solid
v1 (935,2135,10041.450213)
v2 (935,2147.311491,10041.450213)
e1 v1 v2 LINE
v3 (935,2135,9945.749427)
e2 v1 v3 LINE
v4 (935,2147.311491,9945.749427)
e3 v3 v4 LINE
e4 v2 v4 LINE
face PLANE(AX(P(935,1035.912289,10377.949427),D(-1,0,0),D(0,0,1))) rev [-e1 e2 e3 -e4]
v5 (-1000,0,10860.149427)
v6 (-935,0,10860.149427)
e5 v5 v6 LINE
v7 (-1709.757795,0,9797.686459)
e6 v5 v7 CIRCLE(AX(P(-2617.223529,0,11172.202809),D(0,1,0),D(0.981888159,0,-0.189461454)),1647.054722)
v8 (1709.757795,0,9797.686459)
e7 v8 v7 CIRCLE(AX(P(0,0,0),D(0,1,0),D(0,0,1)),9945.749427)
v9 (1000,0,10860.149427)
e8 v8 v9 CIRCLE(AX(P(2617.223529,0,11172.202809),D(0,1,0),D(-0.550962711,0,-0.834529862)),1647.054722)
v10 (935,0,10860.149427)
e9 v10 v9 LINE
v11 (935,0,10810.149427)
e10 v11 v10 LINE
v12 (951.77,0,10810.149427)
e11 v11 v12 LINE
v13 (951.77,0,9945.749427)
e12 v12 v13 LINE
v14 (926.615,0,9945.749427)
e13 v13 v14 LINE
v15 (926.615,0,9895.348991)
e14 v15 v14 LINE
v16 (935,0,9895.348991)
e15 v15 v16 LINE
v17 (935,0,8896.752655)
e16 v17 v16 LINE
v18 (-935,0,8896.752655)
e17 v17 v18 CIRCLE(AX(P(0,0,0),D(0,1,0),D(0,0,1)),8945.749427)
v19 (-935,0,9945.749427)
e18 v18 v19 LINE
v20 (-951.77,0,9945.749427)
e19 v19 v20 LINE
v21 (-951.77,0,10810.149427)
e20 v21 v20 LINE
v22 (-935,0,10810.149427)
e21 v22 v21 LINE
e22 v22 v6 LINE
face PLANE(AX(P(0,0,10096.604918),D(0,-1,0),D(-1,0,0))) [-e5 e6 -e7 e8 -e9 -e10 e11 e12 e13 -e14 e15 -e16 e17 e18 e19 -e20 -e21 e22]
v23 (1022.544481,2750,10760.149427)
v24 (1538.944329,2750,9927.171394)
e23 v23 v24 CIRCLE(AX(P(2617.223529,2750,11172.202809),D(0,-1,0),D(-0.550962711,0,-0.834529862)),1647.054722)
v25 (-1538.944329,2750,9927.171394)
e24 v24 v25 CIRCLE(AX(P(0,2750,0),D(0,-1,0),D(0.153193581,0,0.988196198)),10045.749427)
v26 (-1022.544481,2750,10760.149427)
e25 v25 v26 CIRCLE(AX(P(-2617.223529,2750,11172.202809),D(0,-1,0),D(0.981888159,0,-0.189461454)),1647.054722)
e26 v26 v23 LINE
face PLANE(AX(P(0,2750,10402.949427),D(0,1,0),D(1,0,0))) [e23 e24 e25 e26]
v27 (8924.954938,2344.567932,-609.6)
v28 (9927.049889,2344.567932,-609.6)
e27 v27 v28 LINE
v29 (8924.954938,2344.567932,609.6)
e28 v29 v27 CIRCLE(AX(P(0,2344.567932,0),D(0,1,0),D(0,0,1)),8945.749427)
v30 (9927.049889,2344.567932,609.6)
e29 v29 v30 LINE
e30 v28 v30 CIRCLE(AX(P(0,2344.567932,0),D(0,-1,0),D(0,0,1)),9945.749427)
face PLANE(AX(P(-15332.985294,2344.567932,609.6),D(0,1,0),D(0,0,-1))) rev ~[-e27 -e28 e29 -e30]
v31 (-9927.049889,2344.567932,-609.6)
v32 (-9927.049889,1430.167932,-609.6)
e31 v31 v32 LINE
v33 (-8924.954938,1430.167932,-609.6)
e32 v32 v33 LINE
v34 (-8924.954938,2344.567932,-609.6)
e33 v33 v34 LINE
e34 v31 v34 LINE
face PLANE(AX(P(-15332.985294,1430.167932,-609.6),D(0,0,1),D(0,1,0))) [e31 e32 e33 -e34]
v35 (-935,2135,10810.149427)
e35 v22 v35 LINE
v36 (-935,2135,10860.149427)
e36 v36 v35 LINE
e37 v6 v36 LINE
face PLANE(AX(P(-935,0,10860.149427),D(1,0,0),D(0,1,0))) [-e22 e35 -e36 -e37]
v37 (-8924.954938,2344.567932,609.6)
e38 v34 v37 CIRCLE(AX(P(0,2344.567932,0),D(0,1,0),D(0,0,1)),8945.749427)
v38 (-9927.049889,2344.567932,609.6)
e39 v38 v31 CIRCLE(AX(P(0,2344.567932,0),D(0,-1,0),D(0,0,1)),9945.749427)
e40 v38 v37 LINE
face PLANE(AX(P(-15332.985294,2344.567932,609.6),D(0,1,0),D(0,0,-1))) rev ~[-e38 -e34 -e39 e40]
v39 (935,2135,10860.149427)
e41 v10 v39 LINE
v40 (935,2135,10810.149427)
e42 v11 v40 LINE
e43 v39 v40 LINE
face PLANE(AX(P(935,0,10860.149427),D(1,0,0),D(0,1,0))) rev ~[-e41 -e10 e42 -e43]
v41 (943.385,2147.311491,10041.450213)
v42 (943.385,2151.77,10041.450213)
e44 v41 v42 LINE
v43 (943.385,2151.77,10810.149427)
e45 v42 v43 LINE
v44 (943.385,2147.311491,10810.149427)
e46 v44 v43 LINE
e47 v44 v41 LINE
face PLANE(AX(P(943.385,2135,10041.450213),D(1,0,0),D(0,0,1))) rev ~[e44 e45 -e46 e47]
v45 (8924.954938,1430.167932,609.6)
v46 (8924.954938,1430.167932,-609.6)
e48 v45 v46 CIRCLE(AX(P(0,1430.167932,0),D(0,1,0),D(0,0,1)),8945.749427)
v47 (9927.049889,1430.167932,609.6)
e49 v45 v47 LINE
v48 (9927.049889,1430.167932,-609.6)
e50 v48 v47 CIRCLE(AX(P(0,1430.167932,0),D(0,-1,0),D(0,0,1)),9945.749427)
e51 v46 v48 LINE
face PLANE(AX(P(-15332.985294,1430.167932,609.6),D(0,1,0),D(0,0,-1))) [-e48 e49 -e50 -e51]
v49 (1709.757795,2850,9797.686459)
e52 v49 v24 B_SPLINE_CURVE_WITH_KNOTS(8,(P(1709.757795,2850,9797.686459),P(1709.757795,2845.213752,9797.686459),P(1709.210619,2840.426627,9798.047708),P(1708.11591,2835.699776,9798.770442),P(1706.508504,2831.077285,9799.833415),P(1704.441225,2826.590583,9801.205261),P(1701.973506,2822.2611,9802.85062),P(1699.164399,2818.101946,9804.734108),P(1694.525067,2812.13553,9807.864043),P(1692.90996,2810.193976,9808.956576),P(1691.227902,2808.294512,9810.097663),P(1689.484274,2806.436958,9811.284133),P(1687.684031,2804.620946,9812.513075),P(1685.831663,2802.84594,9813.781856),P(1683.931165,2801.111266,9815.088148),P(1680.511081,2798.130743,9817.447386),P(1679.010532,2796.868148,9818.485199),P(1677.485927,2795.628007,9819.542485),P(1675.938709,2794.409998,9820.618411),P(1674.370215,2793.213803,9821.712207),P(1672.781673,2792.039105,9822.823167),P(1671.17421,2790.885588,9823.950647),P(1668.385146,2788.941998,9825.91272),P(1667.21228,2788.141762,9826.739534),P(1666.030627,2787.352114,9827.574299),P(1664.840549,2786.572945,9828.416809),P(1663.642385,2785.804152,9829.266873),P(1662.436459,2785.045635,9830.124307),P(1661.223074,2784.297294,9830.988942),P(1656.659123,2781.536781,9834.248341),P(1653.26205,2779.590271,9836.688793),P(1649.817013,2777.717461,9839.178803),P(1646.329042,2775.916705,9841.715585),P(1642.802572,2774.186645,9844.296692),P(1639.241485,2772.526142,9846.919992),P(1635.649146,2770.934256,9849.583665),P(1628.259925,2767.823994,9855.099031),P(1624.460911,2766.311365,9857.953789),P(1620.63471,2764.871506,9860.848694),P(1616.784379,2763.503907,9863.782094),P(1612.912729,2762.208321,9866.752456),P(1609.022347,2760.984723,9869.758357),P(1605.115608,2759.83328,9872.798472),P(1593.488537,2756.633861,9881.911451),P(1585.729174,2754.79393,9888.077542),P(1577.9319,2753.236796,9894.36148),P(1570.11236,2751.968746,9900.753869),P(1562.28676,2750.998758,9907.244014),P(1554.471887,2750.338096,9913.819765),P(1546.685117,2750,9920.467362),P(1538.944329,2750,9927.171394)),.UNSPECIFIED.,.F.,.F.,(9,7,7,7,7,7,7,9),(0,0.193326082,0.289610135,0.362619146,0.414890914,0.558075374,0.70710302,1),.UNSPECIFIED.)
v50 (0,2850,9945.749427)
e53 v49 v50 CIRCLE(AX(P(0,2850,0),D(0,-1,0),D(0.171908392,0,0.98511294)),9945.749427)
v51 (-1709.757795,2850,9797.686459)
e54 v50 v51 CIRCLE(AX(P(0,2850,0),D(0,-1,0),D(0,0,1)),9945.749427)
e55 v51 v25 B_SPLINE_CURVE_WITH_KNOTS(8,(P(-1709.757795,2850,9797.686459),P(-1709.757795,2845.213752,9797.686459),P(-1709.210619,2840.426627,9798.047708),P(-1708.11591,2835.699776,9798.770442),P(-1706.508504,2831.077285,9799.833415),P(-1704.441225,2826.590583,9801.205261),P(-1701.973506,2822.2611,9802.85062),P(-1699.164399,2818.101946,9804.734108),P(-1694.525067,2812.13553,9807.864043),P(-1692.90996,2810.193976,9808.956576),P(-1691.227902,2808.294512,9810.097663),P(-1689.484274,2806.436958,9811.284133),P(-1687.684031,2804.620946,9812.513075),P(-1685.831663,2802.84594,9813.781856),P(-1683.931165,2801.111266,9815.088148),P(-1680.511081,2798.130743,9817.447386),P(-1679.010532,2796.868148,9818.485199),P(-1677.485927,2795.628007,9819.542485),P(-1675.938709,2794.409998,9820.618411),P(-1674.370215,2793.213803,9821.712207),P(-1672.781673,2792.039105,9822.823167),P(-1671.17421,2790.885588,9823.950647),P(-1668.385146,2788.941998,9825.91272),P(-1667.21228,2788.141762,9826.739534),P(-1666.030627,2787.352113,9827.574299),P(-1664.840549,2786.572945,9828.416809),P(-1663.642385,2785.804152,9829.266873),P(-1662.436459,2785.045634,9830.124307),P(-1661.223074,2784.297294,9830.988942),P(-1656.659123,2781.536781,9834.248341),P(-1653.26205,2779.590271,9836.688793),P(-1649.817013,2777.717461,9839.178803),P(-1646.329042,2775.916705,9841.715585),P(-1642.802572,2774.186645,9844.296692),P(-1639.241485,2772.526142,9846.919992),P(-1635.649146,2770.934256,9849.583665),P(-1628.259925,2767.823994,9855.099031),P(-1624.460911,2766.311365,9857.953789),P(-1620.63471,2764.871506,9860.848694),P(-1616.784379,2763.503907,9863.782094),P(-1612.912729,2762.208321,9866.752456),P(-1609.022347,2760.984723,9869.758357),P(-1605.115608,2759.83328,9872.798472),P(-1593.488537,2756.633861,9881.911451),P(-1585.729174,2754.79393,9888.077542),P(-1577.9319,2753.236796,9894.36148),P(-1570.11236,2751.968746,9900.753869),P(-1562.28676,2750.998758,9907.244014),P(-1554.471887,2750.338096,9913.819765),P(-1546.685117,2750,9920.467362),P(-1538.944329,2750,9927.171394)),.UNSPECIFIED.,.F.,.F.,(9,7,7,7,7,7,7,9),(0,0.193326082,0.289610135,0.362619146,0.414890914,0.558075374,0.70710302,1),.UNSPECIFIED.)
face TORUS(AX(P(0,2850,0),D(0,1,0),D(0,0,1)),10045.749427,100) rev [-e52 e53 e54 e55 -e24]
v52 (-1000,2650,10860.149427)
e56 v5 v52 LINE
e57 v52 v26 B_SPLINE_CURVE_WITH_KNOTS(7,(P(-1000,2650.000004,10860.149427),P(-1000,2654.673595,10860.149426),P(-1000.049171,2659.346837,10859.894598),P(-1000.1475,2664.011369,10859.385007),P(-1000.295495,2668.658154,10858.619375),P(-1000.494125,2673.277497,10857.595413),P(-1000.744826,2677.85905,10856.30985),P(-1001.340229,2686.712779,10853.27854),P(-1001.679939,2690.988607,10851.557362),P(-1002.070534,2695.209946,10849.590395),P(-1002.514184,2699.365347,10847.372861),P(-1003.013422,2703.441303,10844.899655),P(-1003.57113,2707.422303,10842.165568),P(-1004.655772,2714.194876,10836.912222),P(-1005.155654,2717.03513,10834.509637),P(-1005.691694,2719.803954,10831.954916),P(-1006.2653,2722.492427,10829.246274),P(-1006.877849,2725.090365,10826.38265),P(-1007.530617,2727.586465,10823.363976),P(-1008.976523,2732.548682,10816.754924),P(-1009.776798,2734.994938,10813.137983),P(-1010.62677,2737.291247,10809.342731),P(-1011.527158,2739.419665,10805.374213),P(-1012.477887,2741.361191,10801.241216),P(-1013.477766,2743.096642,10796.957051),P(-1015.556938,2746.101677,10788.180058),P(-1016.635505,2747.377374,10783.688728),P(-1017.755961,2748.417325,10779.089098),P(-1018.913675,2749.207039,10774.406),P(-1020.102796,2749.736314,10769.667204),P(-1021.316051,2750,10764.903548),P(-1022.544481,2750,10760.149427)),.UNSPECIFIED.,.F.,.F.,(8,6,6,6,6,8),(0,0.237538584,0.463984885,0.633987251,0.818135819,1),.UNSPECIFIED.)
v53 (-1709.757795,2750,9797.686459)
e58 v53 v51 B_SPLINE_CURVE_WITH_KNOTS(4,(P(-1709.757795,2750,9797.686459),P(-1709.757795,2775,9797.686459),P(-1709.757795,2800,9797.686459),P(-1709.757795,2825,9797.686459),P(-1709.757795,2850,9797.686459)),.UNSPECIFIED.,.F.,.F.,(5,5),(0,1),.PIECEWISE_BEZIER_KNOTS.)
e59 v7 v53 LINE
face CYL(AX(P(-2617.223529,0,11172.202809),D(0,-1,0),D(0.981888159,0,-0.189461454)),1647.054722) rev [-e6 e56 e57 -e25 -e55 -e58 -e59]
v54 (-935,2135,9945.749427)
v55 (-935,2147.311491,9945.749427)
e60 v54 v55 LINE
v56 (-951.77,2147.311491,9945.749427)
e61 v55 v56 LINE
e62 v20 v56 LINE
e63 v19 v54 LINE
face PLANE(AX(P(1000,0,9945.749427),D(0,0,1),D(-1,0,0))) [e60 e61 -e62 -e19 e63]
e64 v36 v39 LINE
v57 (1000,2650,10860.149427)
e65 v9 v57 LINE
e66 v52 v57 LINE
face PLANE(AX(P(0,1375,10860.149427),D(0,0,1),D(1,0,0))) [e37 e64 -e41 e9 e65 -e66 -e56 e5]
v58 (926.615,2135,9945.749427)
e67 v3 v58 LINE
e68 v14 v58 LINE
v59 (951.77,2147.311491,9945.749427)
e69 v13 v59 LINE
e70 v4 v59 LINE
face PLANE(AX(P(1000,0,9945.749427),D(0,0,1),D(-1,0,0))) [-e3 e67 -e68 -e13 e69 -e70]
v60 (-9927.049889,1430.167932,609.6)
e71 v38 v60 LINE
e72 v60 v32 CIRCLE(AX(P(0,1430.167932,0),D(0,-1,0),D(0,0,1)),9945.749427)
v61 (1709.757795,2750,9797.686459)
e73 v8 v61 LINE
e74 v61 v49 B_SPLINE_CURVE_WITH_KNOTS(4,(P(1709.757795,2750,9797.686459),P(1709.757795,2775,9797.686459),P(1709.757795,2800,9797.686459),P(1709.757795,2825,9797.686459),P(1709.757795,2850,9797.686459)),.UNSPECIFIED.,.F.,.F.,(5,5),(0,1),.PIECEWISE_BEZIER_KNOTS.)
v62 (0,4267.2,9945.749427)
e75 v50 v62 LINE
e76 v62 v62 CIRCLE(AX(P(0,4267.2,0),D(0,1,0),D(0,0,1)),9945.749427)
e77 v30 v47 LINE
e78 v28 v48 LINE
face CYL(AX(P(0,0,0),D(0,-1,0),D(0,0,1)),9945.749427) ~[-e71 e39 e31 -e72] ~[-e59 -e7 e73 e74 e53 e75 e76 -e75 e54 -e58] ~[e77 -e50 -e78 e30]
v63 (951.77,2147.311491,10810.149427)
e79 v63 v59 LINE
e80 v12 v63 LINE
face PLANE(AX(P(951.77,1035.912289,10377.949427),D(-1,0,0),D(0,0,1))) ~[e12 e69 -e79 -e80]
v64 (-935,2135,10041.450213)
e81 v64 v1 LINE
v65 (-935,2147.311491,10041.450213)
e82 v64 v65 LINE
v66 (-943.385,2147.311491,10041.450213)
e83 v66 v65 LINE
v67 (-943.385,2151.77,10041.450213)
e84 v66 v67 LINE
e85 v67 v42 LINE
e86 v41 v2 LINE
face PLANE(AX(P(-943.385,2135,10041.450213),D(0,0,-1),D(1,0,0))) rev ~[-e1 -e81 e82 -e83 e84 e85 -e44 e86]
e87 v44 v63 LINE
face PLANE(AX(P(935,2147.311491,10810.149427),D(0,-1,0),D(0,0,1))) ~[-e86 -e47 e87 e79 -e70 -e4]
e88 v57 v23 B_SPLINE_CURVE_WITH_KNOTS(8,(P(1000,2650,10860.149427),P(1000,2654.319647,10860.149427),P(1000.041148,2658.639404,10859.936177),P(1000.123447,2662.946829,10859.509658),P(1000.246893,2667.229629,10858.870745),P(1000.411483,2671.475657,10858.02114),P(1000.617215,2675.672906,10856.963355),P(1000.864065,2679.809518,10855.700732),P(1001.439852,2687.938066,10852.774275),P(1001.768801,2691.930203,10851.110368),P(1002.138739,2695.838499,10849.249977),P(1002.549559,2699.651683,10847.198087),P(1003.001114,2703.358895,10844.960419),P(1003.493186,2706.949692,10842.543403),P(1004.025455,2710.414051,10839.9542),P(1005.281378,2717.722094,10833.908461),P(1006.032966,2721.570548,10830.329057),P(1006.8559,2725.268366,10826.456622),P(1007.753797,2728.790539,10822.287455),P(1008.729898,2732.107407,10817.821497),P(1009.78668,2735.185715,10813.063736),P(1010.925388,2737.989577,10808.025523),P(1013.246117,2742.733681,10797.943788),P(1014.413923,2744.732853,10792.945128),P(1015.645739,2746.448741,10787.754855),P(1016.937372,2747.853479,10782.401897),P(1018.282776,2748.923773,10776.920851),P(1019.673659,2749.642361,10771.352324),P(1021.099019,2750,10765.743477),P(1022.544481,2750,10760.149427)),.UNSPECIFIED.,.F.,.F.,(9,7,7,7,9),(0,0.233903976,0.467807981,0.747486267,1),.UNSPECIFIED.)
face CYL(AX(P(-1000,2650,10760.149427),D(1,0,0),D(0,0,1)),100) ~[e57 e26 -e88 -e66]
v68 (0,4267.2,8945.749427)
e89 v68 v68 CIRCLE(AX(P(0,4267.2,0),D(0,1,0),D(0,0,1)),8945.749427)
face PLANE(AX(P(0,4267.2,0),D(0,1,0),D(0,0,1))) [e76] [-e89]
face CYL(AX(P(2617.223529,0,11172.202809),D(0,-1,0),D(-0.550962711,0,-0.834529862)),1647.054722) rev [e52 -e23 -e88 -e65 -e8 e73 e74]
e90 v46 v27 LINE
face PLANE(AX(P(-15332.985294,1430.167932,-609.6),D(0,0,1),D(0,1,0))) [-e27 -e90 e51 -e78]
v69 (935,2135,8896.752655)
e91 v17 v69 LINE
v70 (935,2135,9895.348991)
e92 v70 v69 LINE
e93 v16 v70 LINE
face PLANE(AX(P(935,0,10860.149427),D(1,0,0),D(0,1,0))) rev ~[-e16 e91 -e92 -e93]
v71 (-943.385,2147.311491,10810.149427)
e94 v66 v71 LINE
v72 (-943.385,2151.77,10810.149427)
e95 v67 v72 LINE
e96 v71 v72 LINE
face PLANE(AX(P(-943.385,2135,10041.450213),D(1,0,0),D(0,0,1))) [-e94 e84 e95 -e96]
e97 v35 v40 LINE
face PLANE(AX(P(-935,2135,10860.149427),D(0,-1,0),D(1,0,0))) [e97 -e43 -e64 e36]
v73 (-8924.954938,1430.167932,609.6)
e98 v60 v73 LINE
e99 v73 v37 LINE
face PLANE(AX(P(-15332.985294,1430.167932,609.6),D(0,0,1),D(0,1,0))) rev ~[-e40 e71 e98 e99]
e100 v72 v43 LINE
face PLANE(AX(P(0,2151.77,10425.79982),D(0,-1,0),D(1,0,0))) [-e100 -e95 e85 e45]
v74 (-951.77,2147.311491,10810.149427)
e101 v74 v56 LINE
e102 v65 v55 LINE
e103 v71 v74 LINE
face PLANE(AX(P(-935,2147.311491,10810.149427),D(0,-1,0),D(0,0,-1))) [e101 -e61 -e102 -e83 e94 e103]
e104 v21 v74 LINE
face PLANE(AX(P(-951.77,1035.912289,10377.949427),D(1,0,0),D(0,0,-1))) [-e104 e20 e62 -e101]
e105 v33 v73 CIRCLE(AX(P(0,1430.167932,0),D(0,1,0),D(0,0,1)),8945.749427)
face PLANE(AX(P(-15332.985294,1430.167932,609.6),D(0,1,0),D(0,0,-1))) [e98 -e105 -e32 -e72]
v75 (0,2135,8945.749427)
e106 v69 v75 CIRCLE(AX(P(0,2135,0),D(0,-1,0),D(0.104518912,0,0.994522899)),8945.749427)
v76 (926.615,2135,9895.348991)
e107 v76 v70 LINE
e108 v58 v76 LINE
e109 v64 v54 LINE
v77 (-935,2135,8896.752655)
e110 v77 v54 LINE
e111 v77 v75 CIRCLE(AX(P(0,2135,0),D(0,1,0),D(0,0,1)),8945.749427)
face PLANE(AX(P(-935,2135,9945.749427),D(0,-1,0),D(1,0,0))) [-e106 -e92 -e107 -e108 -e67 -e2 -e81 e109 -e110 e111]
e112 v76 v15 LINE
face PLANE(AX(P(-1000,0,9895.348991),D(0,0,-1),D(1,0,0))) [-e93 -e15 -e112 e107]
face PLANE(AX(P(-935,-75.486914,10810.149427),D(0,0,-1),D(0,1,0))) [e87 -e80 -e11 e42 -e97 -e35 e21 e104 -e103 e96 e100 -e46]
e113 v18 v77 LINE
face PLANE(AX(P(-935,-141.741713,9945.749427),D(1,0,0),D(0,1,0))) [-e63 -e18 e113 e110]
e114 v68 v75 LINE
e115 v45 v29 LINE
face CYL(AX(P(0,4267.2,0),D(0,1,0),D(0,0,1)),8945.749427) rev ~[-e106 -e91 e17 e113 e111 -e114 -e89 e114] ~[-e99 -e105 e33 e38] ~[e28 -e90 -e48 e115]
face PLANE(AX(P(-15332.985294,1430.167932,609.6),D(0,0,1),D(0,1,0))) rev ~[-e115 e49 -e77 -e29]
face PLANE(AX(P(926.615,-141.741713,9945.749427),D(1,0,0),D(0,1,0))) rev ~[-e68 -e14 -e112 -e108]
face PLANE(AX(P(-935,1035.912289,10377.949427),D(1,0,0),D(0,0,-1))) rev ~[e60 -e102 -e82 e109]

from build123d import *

# Parameters (mm, degrees)
SKETCH1_R               = 9945.749426531
BOSS_EXTRUDE1_DEPTH     = 4267.2
SKETCH2_R               = 8945.749426531
CUT_EXTRUDE1_DEPTH      = 4267.2
SKETCH4_W               = 2000
SKETCH4_H               = 2750
BOSS_EXTRUDE2_DEPTH     = 914.4
SKETCH5_W               = 1870
SKETCH5_H               = 2135
CUT_EXTRUDE2_DEPTH      = 2500
SKETCH6_W               = 864.4
SKETCH6_H               = 2222.798404513
CUT_EXTRUDE3_DEPTH      = 16.77
SKETCH7_W               = 1886.77
SKETCH7_H               = 768.69921335
CUT_EXTRUDE4_DEPTH      = 16.77
BOSS_EXTRUDE3_REACH     = 15333.985
SKETCH9_W               = 1861.615
SKETCH9_H               = 2276.741712896
CUT_EXTRUDE5_DEPTH      = 4000
CUT_EXTRUDE6_DEPTH      = 15332.985294212
CUT_EXTRUDE6_DEPTH_BACK = 15332.985294212
SKETCH10_W              = 1219.2
SKETCH10_H              = 914.4
FILLET1_R               = 100


with BuildPart() as part:
    # Sketch1 → Boss-Extrude1 (new body)
    with BuildSketch(Plane(origin=(0, 0, 0), x_dir=(1, 0, 0), z_dir=(0, 1, 0))):
        with Locations(Location((0, 0, 0), (0, 0, 270))):
            Circle(SKETCH1_R)
    extrude(amount=BOSS_EXTRUDE1_DEPTH)

    # Sketch2 → Cut-Extrude1 (cut)
    with BuildSketch(Plane(origin=(0, 4267.2, 0), x_dir=(1, 0, 0), z_dir=(0, 1, 0))):
        with Locations(Location((0, 0, 0), (0, 0, 270))):
            Circle(SKETCH2_R)
    extrude(amount=-CUT_EXTRUDE1_DEPTH, mode=Mode.SUBTRACT)


with BuildPart() as body_2:
    # Sketch4 → Boss-Extrude2 (new body)
    with BuildSketch(Plane.XY.offset(9945.749426531)):
        with Locations((0, 1375)):
            Rectangle(SKETCH4_W, SKETCH4_H)
    extrude(amount=BOSS_EXTRUDE2_DEPTH)


with BuildPart() as cut_extrude2_tool:
    # Sketch5 → Cut-Extrude2 (new, symmetric)
    with BuildSketch(Plane.XY.offset(10860.149426531)):
        with Locations((0, 1067.5)):
            Rectangle(SKETCH5_W, SKETCH5_H)
    extrude(amount=CUT_EXTRUDE2_DEPTH, both=True)


with BuildPart() as part_1:
    add(part.part)

    # Cut-Extrude2: cut by cut_extrude2_tool
    add(cut_extrude2_tool.part, mode=Mode.SUBTRACT)


with BuildPart() as body_2_1:
    add(body_2.part)

    # Cut-Extrude2: cut by cut_extrude2_tool
    add(cut_extrude2_tool.part, mode=Mode.SUBTRACT)

    # Sketch6 → Cut-Extrude3 (cut)
    with BuildSketch(Plane(origin=(-935, 0, 0), x_dir=(0, 0, -1), z_dir=(1, 0, 0))):
        with Locations((-10377.949426531, 1035.912288571)):
            Rectangle(SKETCH6_W, SKETCH6_H)
    cut_extrude3 = extrude(amount=-CUT_EXTRUDE3_DEPTH, mode=Mode.SUBTRACT)

    # Mirror1: Cut-Extrude3 across plane
    add(cut_extrude3.mirror(Plane(origin=(0, 0, 0), x_dir=(0, 0, 1), z_dir=(1, 0, 0))), mode=Mode.SUBTRACT)

    # Sketch7 → Cut-Extrude4 (cut)
    with BuildSketch(Plane.XZ.offset(-2135)):
        with Locations((0, 10425.799819856)):
            Rectangle(SKETCH7_W, SKETCH7_H)
    extrude(amount=-CUT_EXTRUDE4_DEPTH, mode=Mode.SUBTRACT)

    # Boss-Extrude3: up to this face of the body (flat: up to its plane)
    boss_extrude3_end = Plane(body_2_1.part.faces().sort_by_distance((0, 2750, 10402.949426531))[0])
    # Sketch8 → Boss-Extrude3 (add, up to the picked face)
    with BuildSketch(Plane(origin=(0, 0, 0), x_dir=(1, 0, 0), z_dir=(0, 1, 0)), mode=Mode.PRIVATE) as boss_extrude3_sk1:
        with BuildLine():
            Line((-1000, -9945.749426531), (-1000, -10860.149426531))
            ThreePointArc((-1000, -10860.149426531), (-1247.653940118, -10257.288387991), (-1709.757794535, -9797.686458515))
            ThreePointArc((-1709.757794535, -9797.686458515), (-1355.758576896, -9852.910754519), (-1000, -9895.348991084))
            Line((-1000, -9895.348991084), (1000, -9895.348991084))
            ThreePointArc((1000, -9895.348991084), (1355.758576896, -9852.910754519), (1709.757794535, -9797.686458515))
            ThreePointArc((1709.757794535, -9797.686458515), (1247.653940118, -10257.288387991), (1000, -10860.149426531))
            Line((1000, -10860.149426531), (1000, -9945.749426531))
            Line((1000, -9945.749426531), (-1000, -9945.749426531))
        make_face()
    boss_extrude3_tool1 = split(extrude(boss_extrude3_sk1.sketch, amount=BOSS_EXTRUDE3_REACH, mode=Mode.PRIVATE), bisect_by=boss_extrude3_end, keep=Keep.BOTH, mode=Mode.PRIVATE)

    add(part_1.part)  # Boss-Extrude3 merges part
    add(boss_extrude3_tool1.solids().sort_by(Axis((1035.807701, 0, 10402.949427), (0, 1, 0)))[0])

    # Sketch9 → Cut-Extrude5 (cut)
    with BuildSketch(Plane.XY.offset(9945.749426531)):
        with Locations((-4.1925, 996.629143552)):
            Rectangle(SKETCH9_W, SKETCH9_H)
    extrude(amount=-CUT_EXTRUDE5_DEPTH, mode=Mode.SUBTRACT)

    # Sketch10 → Cut-Extrude6 (cut, two sides: drawn at the far end of the back side and taken through both)
    with BuildSketch(Plane(origin=(0, 0, 0), x_dir=(0, 0, -1), z_dir=(1, 0, 0)).offset(-CUT_EXTRUDE6_DEPTH_BACK)):
        with Locations((0, 1887.367931643)):
            Rectangle(SKETCH10_W, SKETCH10_H)
    extrude(amount=CUT_EXTRUDE6_DEPTH + CUT_EXTRUDE6_DEPTH_BACK, mode=Mode.SUBTRACT)

    # Fillet1
    fillet1_edges = [body_2_1.edges().sort_by_distance(p)[0] for p in [
        (858.078428593, 2750, 9908.664545019),
        (0, 2750, 10860.149426531),
    ]]
    fillet(fillet1_edges, radius=FILLET1_R)


solid = body_2_1.part
